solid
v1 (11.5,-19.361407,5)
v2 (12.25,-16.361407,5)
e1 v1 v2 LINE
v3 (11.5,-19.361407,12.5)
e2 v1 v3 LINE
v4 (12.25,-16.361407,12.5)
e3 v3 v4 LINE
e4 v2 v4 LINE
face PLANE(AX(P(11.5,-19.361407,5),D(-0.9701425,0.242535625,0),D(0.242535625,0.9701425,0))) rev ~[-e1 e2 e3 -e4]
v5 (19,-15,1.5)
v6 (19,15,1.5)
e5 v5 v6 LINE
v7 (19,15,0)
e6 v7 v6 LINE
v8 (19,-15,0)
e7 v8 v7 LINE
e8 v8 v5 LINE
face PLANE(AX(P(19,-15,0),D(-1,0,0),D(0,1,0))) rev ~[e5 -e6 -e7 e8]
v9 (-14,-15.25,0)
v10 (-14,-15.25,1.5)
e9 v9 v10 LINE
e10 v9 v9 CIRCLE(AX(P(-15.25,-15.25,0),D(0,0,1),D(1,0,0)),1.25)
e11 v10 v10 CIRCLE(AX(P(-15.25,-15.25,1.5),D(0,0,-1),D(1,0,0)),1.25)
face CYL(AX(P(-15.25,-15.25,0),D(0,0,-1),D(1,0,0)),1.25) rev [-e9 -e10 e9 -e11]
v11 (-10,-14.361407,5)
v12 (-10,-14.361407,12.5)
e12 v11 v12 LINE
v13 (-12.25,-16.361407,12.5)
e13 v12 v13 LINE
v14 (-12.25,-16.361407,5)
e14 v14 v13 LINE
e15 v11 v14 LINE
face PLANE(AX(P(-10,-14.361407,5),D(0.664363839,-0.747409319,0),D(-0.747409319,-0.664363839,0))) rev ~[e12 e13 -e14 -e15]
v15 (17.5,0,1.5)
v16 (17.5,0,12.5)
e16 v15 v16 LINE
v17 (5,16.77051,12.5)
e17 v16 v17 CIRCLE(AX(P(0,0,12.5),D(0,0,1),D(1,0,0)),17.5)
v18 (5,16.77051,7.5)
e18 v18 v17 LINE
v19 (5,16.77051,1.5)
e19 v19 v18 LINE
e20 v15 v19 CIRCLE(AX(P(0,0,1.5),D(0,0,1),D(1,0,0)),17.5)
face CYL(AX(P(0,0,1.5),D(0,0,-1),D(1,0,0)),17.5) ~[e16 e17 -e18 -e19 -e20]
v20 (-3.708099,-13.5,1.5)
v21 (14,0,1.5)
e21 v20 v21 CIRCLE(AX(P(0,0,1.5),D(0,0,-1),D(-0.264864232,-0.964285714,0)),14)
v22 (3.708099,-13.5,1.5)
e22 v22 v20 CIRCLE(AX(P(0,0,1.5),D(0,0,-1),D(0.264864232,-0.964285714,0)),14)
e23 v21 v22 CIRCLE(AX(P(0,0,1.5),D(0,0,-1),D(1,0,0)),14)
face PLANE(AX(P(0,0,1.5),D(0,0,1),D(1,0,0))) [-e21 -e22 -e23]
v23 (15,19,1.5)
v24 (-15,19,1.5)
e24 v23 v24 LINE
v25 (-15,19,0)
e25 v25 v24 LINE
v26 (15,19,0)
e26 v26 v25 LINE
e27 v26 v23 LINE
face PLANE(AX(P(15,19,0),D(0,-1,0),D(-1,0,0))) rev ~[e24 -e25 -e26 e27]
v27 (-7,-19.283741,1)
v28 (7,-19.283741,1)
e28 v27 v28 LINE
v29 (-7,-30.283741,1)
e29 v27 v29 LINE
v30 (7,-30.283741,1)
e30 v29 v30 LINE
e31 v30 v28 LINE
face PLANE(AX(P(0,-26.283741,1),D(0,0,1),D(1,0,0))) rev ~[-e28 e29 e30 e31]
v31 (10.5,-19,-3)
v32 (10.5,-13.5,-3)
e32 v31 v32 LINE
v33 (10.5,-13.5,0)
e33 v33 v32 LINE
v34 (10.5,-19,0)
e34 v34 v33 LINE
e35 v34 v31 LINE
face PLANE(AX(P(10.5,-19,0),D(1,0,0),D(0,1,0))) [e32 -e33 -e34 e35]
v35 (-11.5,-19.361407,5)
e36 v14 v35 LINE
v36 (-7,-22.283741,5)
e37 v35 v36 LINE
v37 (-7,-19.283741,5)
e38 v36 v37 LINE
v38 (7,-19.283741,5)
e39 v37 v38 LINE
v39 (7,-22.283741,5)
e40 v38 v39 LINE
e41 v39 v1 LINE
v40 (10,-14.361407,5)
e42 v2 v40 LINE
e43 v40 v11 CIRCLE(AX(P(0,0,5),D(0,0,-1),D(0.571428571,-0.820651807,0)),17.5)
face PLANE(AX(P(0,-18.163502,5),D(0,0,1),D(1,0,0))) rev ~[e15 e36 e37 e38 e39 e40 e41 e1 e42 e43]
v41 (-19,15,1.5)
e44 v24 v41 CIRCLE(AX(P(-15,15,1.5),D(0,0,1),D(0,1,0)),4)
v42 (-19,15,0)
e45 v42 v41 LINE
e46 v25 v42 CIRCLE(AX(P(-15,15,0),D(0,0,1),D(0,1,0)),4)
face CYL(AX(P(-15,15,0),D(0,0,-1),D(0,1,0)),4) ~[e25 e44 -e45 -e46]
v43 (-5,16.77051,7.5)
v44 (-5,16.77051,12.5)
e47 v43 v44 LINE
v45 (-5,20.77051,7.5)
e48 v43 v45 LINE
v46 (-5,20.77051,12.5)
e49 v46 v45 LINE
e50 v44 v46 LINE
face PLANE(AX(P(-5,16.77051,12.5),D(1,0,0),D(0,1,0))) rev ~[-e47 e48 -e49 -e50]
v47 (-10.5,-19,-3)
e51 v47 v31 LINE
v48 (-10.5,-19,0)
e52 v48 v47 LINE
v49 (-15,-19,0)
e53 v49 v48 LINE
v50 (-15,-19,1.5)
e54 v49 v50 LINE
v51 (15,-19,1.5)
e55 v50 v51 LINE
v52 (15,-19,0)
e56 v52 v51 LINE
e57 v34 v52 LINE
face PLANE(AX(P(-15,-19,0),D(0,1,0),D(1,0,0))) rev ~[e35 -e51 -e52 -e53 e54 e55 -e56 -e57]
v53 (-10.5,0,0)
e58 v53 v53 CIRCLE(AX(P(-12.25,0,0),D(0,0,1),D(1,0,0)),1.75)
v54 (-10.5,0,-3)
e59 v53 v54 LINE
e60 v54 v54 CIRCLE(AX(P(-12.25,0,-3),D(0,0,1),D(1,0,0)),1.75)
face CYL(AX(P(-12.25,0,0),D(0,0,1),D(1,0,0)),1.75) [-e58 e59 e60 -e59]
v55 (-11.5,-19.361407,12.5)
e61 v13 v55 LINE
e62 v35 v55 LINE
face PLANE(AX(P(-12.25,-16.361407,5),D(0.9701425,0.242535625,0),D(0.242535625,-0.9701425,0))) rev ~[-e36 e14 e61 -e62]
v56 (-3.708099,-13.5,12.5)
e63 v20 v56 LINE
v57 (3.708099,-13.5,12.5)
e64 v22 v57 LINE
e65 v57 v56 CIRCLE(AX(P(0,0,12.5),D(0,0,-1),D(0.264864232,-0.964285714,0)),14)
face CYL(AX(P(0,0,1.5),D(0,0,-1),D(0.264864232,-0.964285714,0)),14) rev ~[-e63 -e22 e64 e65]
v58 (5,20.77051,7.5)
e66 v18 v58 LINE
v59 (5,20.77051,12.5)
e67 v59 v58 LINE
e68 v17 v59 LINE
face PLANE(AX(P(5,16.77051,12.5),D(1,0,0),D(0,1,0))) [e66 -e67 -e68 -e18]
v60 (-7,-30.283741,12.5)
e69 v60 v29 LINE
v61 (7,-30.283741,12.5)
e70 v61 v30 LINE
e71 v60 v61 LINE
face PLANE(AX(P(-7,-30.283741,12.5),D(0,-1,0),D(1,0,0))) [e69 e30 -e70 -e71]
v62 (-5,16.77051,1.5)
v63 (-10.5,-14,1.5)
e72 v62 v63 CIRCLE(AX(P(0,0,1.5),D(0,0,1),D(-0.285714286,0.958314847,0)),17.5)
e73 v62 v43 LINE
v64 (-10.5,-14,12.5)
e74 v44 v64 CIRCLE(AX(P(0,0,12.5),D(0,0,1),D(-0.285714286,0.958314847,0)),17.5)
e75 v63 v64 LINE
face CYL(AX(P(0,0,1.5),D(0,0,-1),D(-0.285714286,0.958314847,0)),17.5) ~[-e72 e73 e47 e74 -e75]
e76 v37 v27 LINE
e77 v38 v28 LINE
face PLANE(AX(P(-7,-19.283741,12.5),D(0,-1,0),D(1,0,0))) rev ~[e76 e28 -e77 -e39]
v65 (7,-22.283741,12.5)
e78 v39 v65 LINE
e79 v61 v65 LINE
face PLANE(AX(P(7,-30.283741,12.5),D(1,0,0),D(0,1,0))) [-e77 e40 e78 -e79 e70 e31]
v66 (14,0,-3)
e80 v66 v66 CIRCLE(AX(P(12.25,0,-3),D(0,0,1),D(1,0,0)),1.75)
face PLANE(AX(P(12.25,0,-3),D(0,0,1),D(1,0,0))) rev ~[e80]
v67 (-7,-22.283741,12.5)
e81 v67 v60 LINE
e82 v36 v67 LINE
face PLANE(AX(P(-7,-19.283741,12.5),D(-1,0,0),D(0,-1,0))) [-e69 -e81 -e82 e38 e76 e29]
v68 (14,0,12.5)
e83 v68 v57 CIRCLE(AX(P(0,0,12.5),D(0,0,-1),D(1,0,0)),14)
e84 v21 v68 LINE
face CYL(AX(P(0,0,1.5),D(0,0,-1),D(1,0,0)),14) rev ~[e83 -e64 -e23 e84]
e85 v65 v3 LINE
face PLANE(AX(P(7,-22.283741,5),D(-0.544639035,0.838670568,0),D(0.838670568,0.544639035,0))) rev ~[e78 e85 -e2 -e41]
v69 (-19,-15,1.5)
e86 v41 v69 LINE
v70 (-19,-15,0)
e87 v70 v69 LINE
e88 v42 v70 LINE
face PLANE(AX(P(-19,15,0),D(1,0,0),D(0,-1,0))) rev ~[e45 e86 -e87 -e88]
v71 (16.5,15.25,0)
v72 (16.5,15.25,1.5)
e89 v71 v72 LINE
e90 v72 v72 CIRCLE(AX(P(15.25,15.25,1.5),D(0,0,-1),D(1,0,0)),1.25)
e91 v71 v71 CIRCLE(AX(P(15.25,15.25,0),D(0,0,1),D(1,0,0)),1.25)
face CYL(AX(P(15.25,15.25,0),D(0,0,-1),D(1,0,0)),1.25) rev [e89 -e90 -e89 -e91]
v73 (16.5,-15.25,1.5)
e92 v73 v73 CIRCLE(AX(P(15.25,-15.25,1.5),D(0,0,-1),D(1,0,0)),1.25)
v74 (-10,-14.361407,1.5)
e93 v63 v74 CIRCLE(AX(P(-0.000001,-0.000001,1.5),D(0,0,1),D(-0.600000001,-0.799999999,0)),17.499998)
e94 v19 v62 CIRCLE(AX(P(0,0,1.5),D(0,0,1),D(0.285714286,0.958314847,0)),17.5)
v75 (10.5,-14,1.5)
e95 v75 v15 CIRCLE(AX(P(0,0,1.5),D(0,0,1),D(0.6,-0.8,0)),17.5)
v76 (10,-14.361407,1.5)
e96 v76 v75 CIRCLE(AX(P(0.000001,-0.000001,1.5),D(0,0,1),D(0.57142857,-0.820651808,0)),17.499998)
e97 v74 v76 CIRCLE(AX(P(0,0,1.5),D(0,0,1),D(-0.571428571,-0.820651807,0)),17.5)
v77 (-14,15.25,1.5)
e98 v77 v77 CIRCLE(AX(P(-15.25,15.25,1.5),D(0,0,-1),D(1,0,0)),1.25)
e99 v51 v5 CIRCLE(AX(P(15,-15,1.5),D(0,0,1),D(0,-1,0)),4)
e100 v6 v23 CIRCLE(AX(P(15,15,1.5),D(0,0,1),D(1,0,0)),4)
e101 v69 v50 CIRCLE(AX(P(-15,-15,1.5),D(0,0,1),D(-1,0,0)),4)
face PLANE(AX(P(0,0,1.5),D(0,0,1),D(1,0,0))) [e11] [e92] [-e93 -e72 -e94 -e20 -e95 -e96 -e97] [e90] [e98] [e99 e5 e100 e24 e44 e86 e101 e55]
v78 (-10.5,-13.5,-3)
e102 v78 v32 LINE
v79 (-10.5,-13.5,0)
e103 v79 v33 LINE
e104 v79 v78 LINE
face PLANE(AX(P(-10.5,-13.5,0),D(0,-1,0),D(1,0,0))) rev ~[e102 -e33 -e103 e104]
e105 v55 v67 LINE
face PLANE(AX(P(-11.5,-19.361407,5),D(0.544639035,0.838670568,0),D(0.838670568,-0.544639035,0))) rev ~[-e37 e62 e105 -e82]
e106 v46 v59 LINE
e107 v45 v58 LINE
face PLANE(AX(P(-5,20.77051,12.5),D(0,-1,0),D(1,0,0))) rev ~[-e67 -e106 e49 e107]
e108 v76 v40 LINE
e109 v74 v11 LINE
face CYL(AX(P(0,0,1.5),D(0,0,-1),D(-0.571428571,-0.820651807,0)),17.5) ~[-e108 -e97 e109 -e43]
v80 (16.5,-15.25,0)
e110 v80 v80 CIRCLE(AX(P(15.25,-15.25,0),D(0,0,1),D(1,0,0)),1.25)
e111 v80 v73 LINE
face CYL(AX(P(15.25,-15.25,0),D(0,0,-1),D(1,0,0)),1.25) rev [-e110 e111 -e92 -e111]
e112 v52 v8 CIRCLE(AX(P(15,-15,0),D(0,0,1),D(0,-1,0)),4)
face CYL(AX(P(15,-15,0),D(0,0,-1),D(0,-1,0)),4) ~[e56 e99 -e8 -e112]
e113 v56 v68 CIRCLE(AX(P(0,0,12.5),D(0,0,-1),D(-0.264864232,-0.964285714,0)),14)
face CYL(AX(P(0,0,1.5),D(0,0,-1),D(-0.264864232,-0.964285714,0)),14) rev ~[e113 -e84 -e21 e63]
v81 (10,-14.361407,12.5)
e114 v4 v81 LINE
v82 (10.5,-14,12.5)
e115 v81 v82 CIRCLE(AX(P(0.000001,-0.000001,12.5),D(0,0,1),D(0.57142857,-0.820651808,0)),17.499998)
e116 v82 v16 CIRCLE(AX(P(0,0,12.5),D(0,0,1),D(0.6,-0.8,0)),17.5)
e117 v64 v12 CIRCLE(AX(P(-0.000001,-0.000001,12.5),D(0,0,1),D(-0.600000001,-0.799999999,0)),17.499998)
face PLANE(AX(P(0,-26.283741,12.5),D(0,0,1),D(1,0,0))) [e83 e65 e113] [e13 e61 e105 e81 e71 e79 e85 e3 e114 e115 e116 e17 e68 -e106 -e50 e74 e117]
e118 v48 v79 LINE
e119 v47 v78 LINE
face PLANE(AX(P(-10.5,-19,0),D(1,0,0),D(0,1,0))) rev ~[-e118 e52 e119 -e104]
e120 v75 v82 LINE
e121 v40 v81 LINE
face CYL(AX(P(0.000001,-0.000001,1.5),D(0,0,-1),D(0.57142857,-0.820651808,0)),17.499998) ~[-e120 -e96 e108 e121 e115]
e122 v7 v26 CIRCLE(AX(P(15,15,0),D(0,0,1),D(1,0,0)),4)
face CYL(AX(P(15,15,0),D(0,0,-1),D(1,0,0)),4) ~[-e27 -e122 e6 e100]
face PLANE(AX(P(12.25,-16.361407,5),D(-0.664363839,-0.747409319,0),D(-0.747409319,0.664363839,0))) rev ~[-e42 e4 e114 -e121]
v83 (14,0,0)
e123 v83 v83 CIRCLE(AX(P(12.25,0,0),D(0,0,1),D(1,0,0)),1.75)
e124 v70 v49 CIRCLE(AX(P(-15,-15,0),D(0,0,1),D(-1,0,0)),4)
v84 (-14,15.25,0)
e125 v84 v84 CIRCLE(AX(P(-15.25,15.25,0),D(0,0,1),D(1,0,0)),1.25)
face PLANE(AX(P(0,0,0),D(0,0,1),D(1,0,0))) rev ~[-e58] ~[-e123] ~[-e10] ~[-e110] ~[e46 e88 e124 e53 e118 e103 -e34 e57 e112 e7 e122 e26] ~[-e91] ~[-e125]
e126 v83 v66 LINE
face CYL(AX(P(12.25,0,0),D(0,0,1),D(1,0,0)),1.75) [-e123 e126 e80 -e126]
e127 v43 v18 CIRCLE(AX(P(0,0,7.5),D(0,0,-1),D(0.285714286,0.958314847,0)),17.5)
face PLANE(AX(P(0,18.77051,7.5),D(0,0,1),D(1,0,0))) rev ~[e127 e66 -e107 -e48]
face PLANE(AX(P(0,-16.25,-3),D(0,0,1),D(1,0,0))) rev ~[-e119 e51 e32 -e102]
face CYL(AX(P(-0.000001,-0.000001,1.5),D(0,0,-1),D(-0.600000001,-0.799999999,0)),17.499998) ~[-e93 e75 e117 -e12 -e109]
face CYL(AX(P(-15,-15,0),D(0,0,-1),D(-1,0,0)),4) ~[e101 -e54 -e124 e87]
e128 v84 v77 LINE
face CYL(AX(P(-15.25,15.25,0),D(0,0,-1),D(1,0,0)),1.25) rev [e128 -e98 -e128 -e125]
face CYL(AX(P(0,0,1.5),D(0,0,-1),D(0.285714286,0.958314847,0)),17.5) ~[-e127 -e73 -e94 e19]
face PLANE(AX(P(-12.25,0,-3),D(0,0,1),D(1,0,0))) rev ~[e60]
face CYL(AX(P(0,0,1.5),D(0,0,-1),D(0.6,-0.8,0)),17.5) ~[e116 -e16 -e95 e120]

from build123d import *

# Parameters (mm, degrees)
PRINT_2_DEPTH        = 1.5
PRINT_HOLES_REACH    = 28.912
SKETCH1_4_R          = 1.25
SKETCH1_5_R          = 1.75
SCREWS_DEPTH         = 3
SKETCH1_6_W          = 21
SKETCH1_6_H          = 5.5
CABLECONNECTOR_DEPTH = 3
CAM_START            = 1.5
CAM_BASE_DEPTH       = 11
BASE_START           = 12.5
SKETCH1_8_W          = 10
SKETCH1_8_H          = 4
BASE_CLAMP_DEPTH     = 5
BOSS_EXTRUDE6_START  = 5
BOSS_EXTRUDE6_DEPTH  = 7.5
BOSS_EXTRUDE7_START  = 12.5
SKETCH1_10_W         = 14
SKETCH1_10_H         = 8
SKETCH1_10_H_2       = 3
BOSS_EXTRUDE7_DEPTH  = 11.5


with BuildPart() as part:
    # Sketch1 → print 2 (new body)
    with BuildSketch(Plane.XY):
        with BuildLine():
            Line((-15, -19), (15, -19))
            ThreePointArc((15, -19), (17.828427125, -17.828427125), (19, -15))
            Line((19, -15), (19, 15))
            ThreePointArc((19, 15), (17.828427125, 17.828427125), (15, 19))
            Line((15, 19), (-15, 19))
            ThreePointArc((-15, 19), (-17.828427125, 17.828427125), (-19, 15))
            Line((-19, 15), (-19, -15))
            ThreePointArc((-19, -15), (-17.828427125, -17.828427125), (-15, -19))
        make_face()
    extrude(amount=PRINT_2_DEPTH)

    # Sketch1<4> → print_holes (cut, up to next)
    with BuildSketch(Plane.XY, mode=Mode.PRIVATE) as print_holes_sk1:
        with Locations((-15.25, 15.25)):
            Circle(SKETCH1_4_R)
    print_holes_tool1 = extrude(print_holes_sk1.sketch, amount=PRINT_HOLES_REACH, mode=Mode.PRIVATE) & part.part
    # Sketch1<4> → print_holes (cut, up to next)
    with BuildSketch(Plane.XY, mode=Mode.PRIVATE) as print_holes_sk2:
        with Locations((-15.25, -15.25)):
            Circle(SKETCH1_4_R)
    print_holes_tool2 = extrude(print_holes_sk2.sketch, amount=PRINT_HOLES_REACH, mode=Mode.PRIVATE) & part.part
    # Sketch1<4> → print_holes (cut, up to next)
    with BuildSketch(Plane.XY, mode=Mode.PRIVATE) as print_holes_sk3:
        with Locations((15.25, -15.25)):
            Circle(SKETCH1_4_R)
    print_holes_tool3 = extrude(print_holes_sk3.sketch, amount=PRINT_HOLES_REACH, mode=Mode.PRIVATE) & part.part
    # Sketch1<4> → print_holes (cut, up to next)
    with BuildSketch(Plane.XY, mode=Mode.PRIVATE) as print_holes_sk4:
        with Locations((15.25, 15.25)):
            Circle(SKETCH1_4_R)
    print_holes_tool4 = extrude(print_holes_sk4.sketch, amount=PRINT_HOLES_REACH, mode=Mode.PRIVATE) & part.part
    add(print_holes_tool1.solids().sort_by_distance((-15.25, 15.25, 0))[0], mode=Mode.SUBTRACT)
    add(print_holes_tool2.solids().sort_by_distance((-15.25, -15.25, 0))[0], mode=Mode.SUBTRACT)
    add(print_holes_tool3.solids().sort_by_distance((15.25, -15.25, 0))[0], mode=Mode.SUBTRACT)
    add(print_holes_tool4.solids().sort_by_distance((15.25, 15.25, 0))[0], mode=Mode.SUBTRACT)

    # Sketch1<5> → screws (add)
    with BuildSketch(Plane.XY):
        with Locations((-12.25, 0)):
            Circle(SKETCH1_5_R)
        with Locations((12.25, 0)):
            Circle(SKETCH1_5_R)
    extrude(amount=-SCREWS_DEPTH)

    # Sketch1<6> → cableconnector (add)
    with BuildSketch(Plane.XY):
        with Locations((0, -16.25)):
            Rectangle(SKETCH1_6_W, SKETCH1_6_H)
    extrude(amount=-CABLECONNECTOR_DEPTH)

    # Sketch1<7> → cam base (add)
    with BuildSketch(Plane.XY.offset(CAM_START)):
        with BuildLine():
            ThreePointArc((-5, 16.770509831), (-17.226972131, 3.079193268), (-10.5, -14))
            Line((-10.5, -14), (-10.5, -13.5))
            Line((-10.5, -13.5), (-3.708099244, -13.5))
            ThreePointArc((-3.708099244, -13.5), (-11.133584092, -8.487832778), (-14, 5e-09))
            ThreePointArc((-14, 5e-09), (2e-09, 14), (14, 0))
            ThreePointArc((14, 0), (11.133584091, -8.48783278), (3.708099244, -13.5))
            Line((3.708099244, -13.5), (10.5, -13.5))
            Line((10.5, -13.5), (10.5, -14))
            ThreePointArc((10.5, -14), (15.652475842, -7.826237921), (17.5, 0))
            ThreePointArc((17.5, 0), (14.0312152, 10.458250332), (5, 16.770509831))
            Line((5, 16.770509831), (-5, 16.770509831))
        make_face()
        with BuildLine():
            Line((-10.5, -13.5), (-10.5, -14))
            ThreePointArc((-10.5, -14), (-10.251592739, -14.182906836), (-10, -14.361406616))
            ThreePointArc((-10, -14.361406616), (0, -17.5), (10, -14.361406616))
            ThreePointArc((10, -14.361406616), (10.251592739, -14.182906836), (10.5, -14))
            Line((10.5, -14), (10.5, -13.5))
            Line((10.5, -13.5), (3.708099244, -13.5))
            ThreePointArc((3.708099244, -13.5), (0, -14), (-3.708099244, -13.5))
            Line((-3.708099244, -13.5), (-10.5, -13.5))
        make_face()
        with BuildLine():
            ThreePointArc((5, 16.770509831), (0, 17.5), (-5, 16.770509831))
            Line((-5, 16.770509831), (5, 16.770509831))
        make_face()
    extrude(amount=CAM_BASE_DEPTH)

    # Sketch1<8> → base clamp (add)
    with BuildSketch(Plane.XY.offset(BASE_START)):
        with Locations((0, 18.770509831)):
            Rectangle(SKETCH1_8_W, SKETCH1_8_H)
    extrude(amount=-BASE_CLAMP_DEPTH)

    # Sketch1<9> → Boss-Extrude6 (add)
    with BuildSketch(Plane.XY.offset(BOSS_EXTRUDE6_START)):
        with BuildLine():
            Line((-11.5, -19.361406616), (-7, -22.283740786))
            Line((-7, -22.283740786), (-7, -19.283740786))
            Line((-7, -19.283740786), (7, -19.283740786))
            Line((7, -19.283740786), (7, -22.283740786))
            Line((7, -22.283740786), (11.5, -19.361406616))
            Line((11.5, -19.361406616), (12.25, -16.361406616))
            Line((12.25, -16.361406616), (10, -14.361406616))
            ThreePointArc((10, -14.361406616), (0, -17.5), (-10, -14.361406616))
            Line((-10, -14.361406616), (-12.25, -16.361406616))
            Line((-12.25, -16.361406616), (-11.5, -19.361406616))
        make_face()
    extrude(amount=BOSS_EXTRUDE6_DEPTH)

    # Sketch1<10> → Boss-Extrude7 (add)
    with BuildSketch(Plane.XY.offset(BOSS_EXTRUDE7_START)):
        with Locations((0, -26.283740786)):
            Rectangle(SKETCH1_10_W, SKETCH1_10_H)
        with Locations((0, -20.783740786)):
            Rectangle(SKETCH1_10_W, SKETCH1_10_H_2)
    extrude(amount=-BOSS_EXTRUDE7_DEPTH)


solid = part.part
